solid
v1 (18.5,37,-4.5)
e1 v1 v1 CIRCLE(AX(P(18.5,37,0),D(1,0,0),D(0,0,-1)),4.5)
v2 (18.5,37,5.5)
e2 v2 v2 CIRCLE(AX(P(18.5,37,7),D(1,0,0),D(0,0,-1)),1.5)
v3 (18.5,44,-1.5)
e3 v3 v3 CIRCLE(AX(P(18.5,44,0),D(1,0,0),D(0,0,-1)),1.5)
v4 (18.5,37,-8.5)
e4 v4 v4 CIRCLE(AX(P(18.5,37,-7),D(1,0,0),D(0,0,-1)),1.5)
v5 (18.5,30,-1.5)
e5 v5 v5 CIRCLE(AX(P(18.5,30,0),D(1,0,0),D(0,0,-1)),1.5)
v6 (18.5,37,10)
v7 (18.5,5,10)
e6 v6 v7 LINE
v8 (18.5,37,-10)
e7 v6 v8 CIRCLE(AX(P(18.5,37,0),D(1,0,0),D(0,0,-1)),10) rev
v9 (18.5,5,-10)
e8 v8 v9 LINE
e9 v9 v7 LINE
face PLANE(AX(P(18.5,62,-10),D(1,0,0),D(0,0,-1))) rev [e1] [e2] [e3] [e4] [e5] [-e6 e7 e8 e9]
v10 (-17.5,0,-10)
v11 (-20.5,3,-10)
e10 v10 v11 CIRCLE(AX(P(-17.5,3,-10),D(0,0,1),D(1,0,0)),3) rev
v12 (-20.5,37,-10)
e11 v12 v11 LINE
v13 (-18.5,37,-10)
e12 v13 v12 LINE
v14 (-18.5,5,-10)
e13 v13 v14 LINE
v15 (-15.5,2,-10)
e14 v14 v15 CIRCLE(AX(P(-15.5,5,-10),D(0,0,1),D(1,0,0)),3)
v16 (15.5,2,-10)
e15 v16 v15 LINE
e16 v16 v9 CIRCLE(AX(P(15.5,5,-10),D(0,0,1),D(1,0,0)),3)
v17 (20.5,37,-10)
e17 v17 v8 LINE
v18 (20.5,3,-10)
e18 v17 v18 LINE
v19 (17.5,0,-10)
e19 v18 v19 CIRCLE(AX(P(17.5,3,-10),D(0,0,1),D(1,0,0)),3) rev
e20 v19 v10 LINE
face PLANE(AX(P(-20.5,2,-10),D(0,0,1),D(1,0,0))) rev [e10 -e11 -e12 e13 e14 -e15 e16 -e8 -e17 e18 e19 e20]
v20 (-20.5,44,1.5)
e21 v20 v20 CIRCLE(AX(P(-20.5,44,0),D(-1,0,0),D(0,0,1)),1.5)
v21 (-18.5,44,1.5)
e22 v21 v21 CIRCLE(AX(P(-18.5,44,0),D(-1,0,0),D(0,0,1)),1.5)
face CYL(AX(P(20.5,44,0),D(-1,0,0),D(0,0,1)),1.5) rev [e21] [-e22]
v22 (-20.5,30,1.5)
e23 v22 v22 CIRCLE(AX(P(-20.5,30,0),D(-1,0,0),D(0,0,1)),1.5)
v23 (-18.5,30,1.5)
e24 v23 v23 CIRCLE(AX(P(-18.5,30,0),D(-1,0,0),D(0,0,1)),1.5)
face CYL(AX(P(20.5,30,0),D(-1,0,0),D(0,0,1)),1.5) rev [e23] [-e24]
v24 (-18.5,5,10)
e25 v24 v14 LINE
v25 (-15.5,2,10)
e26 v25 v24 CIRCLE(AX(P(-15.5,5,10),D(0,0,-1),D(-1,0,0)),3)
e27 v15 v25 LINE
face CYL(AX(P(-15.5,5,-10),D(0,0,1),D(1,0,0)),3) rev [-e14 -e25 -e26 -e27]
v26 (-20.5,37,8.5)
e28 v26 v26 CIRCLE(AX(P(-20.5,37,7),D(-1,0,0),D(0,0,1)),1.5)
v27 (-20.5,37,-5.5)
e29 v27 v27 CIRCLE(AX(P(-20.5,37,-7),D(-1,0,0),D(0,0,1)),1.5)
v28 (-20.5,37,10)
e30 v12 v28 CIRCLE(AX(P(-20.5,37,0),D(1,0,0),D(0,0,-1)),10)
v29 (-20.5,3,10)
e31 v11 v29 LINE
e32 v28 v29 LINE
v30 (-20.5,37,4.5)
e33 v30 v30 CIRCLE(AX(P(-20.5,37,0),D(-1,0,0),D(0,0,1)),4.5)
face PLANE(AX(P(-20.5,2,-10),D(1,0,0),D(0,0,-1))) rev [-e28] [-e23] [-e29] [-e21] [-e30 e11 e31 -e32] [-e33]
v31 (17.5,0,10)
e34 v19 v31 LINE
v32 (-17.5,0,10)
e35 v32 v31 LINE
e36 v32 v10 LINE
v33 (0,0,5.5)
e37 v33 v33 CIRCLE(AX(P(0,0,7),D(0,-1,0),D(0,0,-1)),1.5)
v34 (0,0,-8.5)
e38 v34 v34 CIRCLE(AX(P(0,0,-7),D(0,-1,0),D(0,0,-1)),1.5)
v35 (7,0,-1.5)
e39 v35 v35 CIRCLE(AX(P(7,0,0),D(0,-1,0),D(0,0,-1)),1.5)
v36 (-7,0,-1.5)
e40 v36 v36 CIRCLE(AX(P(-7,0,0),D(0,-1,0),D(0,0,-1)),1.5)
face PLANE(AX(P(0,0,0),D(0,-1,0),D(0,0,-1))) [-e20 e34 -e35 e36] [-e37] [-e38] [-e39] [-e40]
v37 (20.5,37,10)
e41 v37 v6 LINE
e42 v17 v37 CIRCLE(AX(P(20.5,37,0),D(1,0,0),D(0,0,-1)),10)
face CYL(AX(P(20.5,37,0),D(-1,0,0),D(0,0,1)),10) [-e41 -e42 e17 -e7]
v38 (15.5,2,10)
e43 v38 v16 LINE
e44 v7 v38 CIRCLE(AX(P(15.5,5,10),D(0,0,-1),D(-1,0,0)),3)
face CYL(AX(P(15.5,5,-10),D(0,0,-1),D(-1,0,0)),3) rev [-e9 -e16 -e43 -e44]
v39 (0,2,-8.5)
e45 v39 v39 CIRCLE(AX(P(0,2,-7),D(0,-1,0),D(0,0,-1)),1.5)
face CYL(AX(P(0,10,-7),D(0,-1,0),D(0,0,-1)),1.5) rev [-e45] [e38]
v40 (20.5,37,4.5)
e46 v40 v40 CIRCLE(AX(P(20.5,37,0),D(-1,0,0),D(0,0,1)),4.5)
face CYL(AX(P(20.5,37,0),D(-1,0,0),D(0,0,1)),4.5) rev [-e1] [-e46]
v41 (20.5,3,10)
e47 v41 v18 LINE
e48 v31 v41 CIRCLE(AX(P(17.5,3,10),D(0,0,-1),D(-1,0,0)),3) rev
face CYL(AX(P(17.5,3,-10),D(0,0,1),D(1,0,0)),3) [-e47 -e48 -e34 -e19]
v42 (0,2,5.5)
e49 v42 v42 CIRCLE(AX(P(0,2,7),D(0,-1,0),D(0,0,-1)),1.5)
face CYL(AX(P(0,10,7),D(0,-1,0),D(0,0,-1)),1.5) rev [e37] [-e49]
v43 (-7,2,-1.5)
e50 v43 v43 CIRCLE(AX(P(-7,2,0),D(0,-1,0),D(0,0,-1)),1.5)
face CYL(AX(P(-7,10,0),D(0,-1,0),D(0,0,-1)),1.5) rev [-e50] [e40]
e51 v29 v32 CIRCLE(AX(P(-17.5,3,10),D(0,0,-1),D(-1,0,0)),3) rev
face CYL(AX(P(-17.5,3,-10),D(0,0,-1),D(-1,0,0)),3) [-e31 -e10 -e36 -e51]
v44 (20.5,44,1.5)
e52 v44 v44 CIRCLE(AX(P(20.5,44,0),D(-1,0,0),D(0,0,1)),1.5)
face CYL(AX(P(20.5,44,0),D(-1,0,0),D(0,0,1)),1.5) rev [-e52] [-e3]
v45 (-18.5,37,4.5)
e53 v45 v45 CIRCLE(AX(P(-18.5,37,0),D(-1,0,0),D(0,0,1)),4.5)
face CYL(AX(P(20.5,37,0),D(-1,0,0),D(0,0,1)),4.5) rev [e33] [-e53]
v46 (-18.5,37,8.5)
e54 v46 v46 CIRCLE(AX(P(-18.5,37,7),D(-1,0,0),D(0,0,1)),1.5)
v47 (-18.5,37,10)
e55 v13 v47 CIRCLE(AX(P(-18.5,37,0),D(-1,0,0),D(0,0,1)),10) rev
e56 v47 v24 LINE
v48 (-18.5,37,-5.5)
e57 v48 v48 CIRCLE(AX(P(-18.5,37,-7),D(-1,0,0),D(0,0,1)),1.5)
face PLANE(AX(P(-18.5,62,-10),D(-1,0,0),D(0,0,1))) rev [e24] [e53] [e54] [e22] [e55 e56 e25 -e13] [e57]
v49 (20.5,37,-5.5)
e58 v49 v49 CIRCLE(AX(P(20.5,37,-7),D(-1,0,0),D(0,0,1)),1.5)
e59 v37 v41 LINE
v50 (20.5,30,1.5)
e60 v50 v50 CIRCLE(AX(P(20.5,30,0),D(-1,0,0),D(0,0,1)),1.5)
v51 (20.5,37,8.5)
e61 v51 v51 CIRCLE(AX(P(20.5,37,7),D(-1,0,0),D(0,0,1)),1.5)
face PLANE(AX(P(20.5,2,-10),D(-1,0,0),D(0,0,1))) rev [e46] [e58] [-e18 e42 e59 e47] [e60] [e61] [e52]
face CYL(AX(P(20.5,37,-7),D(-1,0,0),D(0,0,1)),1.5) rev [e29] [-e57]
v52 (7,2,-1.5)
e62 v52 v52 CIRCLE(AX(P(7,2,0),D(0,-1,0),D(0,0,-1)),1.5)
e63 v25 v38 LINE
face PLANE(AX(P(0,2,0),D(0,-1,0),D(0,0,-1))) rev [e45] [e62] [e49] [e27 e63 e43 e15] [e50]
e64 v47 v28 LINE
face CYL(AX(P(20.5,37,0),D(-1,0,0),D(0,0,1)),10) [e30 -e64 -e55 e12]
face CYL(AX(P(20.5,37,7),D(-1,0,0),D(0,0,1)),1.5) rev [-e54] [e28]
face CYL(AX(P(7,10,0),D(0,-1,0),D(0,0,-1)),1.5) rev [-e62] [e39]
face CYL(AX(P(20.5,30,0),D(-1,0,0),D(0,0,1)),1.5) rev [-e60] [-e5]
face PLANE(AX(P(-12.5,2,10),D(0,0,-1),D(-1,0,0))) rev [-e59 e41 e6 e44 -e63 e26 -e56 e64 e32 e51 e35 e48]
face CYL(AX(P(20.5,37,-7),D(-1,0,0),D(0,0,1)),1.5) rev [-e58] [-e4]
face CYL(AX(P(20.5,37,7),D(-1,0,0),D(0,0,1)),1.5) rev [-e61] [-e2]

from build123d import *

# Parameters (mm, degrees)
EXTRUDE_1_DEPTH     = 2
SKETCH_2_W          = 2
SKETCH_2_H          = 20
EXTRUDE_2_DEPTH     = 60
FILLET_1_R          = 3
SKETCH_6_R          = 4.5
SKETCH_6_R_2        = 1.5
CUT_EXTRUDE_2_DEPTH = 76
SKETCH_7_R          = 1.5
CUT_EXTRUDE_3_DEPTH = 10


with BuildPart() as part:
    # 草图1 → 凸台-拉伸1 (new body)
    with BuildSketch(Plane(origin=(0, 0, 0), x_dir=(1, 0, 0), z_dir=(0, 1, 0))):
        Polygon((-20.5, 10), (-12.5, 10), (12.5, 10), (20.5, 10), (20.5, -10), (12.5, -10), (-12.5, -10), (-20.5, -10), align=None)
    extrude(amount=EXTRUDE_1_DEPTH)

    # 草图2 → 凸台-拉伸2 (add)
    with BuildSketch(Plane(origin=(0, 2, 0), x_dir=(1, 0, 0), z_dir=(0, 1, 0))):
        with Locations((-19.5, 0)):
            Rectangle(SKETCH_2_W, SKETCH_2_H)
        with Locations((19.5, 0)):
            Rectangle(SKETCH_2_W, SKETCH_2_H)
    extrude(amount=EXTRUDE_2_DEPTH)

    # 圆角1
    fillet_1_edges = [part.edges().sort_by_distance(p)[0] for p in [
        (20.5, 0, 0),
        (-18.5, 2, 0),
        (18.5, 2, 0),
        (-20.5, 0, 0),
    ]]
    fillet(fillet_1_edges, radius=FILLET_1_R)

    # 草图6 → 切除-拉伸2 (cut, through all)
    with BuildSketch(Plane.ZY.offset(20.5)):
        with Locations((0, 37)):
            Circle(SKETCH_6_R)
        with Locations((0, 30)):
            Circle(SKETCH_6_R_2)
        with Locations((-7, 37)):
            Circle(SKETCH_6_R_2)
        with Locations((0, 44)):
            Circle(SKETCH_6_R_2)
        with Locations((7, 37)):
            Circle(SKETCH_6_R_2)
        with BuildLine():
            Line((-10, 37), (-10, 62))
            Line((-10, 62), (10, 62))
            Line((10, 62), (10, 37))
            ThreePointArc((10, 37), (0, 47), (-10, 37))
        make_face()
    extrude(amount=-CUT_EXTRUDE_2_DEPTH, mode=Mode.SUBTRACT)

    # 草图7 → 切除-拉伸3 (cut)
    with BuildSketch(Plane.XZ):
        with Locations(Location((-7, 0, 0), (0, 0, 270))):
            Circle(SKETCH_7_R)
        with Locations(Location((0, 7, 0), (0, 0, 270))):
            Circle(SKETCH_7_R)
        with Locations(Location((7, 0, 0), (0, 0, 270))):
            Circle(SKETCH_7_R)
        with Locations(Location((0, -7, 0), (0, 0, 270))):
            Circle(SKETCH_7_R)
    extrude(amount=-CUT_EXTRUDE_3_DEPTH, mode=Mode.SUBTRACT)


solid = part.part
